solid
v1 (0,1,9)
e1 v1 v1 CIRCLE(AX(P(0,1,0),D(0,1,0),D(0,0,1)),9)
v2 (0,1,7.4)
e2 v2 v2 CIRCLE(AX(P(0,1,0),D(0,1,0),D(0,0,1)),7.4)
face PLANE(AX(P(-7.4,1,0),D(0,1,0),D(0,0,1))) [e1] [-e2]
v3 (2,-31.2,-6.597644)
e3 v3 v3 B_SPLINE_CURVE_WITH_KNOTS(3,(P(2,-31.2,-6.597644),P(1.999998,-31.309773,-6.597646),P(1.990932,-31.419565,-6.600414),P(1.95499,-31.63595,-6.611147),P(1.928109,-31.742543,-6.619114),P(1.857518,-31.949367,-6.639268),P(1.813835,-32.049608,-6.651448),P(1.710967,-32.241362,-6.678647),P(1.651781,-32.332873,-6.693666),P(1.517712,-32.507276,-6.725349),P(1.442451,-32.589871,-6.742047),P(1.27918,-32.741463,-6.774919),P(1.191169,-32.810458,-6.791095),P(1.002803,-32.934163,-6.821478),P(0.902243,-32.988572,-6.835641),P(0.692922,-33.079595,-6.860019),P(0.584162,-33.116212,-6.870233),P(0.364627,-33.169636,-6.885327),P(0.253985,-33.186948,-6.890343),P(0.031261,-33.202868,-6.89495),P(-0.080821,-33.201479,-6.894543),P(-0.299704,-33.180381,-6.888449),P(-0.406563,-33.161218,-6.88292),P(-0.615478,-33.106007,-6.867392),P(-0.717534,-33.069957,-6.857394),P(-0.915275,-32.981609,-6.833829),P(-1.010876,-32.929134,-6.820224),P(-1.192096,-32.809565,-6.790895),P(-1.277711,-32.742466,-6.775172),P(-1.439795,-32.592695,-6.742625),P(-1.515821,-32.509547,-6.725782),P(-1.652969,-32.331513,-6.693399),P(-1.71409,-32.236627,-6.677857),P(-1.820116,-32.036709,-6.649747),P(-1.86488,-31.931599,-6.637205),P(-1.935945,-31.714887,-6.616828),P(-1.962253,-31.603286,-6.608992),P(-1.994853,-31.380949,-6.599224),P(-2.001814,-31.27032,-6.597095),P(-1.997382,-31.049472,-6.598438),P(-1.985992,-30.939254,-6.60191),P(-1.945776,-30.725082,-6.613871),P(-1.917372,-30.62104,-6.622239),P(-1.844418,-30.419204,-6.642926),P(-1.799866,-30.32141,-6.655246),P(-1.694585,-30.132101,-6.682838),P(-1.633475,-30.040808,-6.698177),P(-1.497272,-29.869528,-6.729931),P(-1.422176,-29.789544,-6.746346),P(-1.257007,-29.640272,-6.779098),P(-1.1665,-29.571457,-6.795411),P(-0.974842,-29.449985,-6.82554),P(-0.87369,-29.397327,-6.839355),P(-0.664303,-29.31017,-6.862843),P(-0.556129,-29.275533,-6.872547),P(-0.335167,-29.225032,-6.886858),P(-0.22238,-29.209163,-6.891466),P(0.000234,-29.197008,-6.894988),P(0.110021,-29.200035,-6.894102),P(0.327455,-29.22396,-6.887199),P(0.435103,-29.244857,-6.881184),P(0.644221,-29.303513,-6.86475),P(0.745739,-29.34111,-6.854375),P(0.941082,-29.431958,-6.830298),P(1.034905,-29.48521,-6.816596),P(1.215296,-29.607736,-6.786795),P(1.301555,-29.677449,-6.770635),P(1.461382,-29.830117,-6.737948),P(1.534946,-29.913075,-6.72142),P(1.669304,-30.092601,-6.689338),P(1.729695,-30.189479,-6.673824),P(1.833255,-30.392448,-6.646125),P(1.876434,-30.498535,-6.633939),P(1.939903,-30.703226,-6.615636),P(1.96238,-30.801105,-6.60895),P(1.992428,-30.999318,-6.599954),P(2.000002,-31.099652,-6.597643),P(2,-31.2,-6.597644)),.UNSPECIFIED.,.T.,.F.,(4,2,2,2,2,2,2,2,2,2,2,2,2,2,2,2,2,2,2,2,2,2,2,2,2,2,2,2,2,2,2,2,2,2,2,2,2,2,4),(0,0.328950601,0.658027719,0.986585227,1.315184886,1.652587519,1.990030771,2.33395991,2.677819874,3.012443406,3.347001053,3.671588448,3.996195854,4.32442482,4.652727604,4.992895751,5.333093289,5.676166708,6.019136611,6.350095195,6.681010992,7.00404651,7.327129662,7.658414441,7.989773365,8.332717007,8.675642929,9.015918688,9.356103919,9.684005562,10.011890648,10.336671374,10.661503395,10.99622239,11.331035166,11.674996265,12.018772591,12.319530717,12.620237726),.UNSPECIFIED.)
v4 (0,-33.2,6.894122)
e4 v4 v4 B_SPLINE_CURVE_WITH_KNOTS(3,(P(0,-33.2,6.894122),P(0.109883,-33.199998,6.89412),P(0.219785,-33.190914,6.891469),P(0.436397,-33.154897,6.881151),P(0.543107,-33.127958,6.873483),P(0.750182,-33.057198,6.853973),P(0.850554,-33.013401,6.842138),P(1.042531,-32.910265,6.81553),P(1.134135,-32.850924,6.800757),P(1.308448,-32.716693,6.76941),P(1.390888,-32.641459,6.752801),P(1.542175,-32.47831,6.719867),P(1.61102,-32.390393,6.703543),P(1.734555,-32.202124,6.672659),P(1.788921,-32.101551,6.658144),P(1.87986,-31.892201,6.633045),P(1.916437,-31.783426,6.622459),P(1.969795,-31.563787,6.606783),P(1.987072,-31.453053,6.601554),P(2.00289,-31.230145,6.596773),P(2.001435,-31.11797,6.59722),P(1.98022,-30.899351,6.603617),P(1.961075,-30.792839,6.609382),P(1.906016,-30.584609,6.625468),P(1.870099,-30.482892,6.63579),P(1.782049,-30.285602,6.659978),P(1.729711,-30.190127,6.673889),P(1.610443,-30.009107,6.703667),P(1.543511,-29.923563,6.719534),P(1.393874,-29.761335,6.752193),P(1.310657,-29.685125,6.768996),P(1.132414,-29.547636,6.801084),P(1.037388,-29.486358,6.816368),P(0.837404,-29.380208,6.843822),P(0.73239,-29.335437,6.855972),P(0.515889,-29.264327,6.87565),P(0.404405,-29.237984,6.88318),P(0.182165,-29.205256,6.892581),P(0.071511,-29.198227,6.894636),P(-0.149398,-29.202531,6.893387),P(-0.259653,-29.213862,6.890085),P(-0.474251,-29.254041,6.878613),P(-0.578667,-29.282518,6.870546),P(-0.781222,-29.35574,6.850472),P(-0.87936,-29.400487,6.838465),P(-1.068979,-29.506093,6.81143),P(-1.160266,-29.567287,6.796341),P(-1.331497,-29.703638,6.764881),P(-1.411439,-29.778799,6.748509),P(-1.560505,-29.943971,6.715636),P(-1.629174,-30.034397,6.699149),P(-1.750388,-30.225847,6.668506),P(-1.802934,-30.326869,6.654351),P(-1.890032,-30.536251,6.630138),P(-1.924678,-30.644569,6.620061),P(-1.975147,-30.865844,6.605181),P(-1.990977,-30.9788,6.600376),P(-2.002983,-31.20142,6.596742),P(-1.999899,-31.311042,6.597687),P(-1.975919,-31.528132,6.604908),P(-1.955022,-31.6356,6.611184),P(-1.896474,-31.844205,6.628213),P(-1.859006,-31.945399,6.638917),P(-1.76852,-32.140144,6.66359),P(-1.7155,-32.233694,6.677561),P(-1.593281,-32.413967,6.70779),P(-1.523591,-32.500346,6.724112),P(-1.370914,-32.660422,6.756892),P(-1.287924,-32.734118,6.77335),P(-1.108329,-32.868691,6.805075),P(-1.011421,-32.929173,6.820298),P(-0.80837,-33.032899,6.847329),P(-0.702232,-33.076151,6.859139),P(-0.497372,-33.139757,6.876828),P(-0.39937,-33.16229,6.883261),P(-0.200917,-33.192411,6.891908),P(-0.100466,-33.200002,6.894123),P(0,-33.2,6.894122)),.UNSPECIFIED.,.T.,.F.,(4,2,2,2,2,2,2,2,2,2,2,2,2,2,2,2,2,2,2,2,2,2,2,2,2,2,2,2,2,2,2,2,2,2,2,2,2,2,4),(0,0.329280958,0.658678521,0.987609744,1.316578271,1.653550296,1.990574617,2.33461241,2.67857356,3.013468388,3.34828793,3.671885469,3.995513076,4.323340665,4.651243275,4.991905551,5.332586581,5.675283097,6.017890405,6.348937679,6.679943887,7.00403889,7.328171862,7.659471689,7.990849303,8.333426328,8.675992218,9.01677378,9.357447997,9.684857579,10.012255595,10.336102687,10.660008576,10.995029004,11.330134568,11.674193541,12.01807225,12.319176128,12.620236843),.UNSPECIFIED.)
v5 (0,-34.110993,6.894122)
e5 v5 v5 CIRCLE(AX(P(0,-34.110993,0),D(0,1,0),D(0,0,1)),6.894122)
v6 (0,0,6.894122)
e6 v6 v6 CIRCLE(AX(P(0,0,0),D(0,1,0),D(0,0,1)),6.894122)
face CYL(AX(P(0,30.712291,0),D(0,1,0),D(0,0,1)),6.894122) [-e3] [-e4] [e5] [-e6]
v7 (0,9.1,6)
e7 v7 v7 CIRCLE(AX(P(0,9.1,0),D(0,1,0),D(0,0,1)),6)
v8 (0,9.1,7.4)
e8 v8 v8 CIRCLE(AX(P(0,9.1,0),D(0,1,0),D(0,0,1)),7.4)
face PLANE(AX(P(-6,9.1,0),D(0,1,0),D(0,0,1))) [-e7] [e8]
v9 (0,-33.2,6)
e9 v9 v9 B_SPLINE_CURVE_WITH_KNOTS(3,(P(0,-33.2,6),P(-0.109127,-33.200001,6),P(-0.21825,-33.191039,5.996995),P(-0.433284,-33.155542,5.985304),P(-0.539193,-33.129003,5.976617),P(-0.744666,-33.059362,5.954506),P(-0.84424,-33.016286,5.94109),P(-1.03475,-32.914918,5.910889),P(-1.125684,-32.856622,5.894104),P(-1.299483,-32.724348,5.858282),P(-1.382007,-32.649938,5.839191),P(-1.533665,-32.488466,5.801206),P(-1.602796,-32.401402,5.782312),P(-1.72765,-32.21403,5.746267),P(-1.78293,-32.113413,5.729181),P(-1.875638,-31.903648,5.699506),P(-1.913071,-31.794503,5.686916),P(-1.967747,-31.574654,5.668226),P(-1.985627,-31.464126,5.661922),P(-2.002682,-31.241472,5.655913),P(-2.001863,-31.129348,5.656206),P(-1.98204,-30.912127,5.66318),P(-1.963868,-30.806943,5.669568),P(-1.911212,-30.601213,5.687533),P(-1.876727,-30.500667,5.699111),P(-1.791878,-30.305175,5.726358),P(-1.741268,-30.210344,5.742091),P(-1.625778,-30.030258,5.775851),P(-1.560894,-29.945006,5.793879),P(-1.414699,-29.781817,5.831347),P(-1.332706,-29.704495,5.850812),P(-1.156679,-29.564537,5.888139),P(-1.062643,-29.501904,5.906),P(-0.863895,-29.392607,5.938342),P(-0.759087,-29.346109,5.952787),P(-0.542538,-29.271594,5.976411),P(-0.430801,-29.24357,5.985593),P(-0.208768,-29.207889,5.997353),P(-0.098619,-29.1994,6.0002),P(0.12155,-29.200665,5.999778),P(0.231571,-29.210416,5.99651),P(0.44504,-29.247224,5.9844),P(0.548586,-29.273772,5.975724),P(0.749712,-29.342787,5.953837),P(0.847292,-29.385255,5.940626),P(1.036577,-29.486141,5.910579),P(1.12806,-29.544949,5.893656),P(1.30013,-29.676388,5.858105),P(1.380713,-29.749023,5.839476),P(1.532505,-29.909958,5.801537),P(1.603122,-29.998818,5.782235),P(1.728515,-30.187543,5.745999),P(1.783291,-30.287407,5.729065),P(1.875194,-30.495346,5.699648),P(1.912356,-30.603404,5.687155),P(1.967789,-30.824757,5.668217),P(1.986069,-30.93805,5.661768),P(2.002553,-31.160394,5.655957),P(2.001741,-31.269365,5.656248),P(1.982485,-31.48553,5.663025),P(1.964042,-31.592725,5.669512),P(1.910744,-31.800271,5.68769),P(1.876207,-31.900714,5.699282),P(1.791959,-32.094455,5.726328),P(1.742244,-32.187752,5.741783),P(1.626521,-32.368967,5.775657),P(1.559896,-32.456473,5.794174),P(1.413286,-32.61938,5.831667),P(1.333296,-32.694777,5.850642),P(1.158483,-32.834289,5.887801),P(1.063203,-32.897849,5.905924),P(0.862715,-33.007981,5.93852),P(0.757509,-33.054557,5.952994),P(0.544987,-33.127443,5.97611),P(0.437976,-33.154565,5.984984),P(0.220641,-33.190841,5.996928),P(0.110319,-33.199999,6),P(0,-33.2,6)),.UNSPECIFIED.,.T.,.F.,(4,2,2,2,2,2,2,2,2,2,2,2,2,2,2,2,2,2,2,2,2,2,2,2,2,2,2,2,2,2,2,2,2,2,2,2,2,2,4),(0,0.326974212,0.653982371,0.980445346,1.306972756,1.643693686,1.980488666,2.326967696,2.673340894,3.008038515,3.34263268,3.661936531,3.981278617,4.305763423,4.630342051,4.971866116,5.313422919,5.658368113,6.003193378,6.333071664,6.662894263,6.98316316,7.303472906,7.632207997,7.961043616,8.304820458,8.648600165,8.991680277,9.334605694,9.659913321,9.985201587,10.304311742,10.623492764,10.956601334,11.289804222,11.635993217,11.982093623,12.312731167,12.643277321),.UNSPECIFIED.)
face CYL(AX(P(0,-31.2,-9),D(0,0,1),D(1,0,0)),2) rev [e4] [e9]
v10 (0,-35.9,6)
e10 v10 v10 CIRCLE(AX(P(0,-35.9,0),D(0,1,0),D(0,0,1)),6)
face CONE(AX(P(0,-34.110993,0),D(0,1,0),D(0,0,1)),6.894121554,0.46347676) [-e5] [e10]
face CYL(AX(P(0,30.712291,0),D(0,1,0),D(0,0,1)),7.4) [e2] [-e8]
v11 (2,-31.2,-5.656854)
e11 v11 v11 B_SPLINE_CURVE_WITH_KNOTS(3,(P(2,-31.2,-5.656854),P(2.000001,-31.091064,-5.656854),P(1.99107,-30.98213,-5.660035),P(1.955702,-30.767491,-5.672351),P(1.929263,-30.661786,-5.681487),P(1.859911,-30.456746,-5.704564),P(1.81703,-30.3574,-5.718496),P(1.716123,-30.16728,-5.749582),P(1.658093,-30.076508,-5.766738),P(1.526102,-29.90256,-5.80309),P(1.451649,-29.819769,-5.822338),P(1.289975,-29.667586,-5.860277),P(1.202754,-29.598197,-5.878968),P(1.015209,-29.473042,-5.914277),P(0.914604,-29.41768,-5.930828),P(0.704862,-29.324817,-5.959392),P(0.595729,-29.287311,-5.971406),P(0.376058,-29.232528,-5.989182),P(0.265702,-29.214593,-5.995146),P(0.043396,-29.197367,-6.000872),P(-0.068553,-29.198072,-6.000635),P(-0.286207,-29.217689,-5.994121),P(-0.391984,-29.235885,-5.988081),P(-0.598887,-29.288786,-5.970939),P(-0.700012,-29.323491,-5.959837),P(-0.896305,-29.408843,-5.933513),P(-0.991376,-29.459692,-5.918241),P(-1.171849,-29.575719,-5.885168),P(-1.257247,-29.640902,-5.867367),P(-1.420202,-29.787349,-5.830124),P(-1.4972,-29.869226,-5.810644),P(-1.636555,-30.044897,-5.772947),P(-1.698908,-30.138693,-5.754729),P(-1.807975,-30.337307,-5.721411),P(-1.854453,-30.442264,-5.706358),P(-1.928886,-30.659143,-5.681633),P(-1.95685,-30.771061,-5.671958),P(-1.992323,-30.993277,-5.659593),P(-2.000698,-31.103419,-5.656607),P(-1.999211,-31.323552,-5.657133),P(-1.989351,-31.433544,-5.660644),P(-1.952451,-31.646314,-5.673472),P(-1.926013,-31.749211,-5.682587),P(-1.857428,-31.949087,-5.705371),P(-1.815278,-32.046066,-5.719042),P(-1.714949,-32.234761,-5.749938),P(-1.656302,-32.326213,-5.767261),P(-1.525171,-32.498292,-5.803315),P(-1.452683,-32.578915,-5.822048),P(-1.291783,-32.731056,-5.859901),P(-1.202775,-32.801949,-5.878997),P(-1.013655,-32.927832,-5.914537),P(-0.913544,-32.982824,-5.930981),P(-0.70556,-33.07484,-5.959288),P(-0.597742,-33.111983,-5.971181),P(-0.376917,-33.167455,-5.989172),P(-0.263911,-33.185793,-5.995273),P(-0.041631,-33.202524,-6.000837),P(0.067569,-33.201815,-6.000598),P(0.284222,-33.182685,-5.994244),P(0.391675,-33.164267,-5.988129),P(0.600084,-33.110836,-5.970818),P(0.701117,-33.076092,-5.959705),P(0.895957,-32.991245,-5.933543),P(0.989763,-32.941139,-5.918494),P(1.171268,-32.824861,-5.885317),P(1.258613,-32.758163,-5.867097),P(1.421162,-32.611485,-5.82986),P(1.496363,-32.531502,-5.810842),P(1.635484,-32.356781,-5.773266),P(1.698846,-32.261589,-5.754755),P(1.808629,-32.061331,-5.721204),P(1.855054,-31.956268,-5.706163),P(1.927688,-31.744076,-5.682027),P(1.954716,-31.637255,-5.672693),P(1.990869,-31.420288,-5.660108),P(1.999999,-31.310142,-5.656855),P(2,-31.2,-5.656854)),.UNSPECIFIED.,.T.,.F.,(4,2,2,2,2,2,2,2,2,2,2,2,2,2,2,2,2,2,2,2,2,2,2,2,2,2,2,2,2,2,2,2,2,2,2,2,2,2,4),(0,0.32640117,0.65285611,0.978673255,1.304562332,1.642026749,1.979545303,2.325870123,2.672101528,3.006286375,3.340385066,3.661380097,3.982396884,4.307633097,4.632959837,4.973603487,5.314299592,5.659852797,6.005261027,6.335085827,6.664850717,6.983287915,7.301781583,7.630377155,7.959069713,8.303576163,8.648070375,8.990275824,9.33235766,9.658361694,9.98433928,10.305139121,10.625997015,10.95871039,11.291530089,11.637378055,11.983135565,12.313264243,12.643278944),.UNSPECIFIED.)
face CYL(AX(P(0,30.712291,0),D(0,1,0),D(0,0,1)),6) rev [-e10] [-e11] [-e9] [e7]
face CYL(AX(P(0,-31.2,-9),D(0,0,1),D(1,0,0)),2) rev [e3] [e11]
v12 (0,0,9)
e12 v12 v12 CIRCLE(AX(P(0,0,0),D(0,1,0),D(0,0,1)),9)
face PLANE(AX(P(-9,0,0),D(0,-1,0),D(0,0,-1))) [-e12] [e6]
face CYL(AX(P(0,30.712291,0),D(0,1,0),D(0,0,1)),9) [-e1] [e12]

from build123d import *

# Parameters (mm, degrees)
SKETCH_2_R               = 2
CUT_EXTRUDE_1_DEPTH      = 10
CUT_EXTRUDE_1_DEPTH_BACK = 10


with BuildPart() as part:
    # Эскиз1 → Повернуть1 (revolve)
    with BuildSketch(Plane.XY, mode=Mode.PRIVATE) as revolve_1_sk:
        Polygon((-7.4, 9.1), (-7.4, 1), (-9, 1), (-9, 0), (-6.894121554, 0), (-6.894121554, -34.110992832), (-6, -35.9), (-6, 9.1), align=None)
    revolve(revolve_1_sk.sketch.rotate(Axis((0, 30.712290503, 0), (0, -1, 0)), 270), axis=Axis((0, 30.712290503, 0), (0, -1, 0)))  # turned: the seam where the file's is

    # Эскиз2 → Вырез-Вытянуть1 (cut, two sides)
    with BuildSketch(Plane.XY) as cut_extrude_1_sk:
        with Locations((0, -31.2)):
            Circle(SKETCH_2_R)
    extrude(amount=CUT_EXTRUDE_1_DEPTH, mode=Mode.SUBTRACT)
    extrude(cut_extrude_1_sk.sketch, amount=-CUT_EXTRUDE_1_DEPTH_BACK, mode=Mode.SUBTRACT)


solid = part.part
